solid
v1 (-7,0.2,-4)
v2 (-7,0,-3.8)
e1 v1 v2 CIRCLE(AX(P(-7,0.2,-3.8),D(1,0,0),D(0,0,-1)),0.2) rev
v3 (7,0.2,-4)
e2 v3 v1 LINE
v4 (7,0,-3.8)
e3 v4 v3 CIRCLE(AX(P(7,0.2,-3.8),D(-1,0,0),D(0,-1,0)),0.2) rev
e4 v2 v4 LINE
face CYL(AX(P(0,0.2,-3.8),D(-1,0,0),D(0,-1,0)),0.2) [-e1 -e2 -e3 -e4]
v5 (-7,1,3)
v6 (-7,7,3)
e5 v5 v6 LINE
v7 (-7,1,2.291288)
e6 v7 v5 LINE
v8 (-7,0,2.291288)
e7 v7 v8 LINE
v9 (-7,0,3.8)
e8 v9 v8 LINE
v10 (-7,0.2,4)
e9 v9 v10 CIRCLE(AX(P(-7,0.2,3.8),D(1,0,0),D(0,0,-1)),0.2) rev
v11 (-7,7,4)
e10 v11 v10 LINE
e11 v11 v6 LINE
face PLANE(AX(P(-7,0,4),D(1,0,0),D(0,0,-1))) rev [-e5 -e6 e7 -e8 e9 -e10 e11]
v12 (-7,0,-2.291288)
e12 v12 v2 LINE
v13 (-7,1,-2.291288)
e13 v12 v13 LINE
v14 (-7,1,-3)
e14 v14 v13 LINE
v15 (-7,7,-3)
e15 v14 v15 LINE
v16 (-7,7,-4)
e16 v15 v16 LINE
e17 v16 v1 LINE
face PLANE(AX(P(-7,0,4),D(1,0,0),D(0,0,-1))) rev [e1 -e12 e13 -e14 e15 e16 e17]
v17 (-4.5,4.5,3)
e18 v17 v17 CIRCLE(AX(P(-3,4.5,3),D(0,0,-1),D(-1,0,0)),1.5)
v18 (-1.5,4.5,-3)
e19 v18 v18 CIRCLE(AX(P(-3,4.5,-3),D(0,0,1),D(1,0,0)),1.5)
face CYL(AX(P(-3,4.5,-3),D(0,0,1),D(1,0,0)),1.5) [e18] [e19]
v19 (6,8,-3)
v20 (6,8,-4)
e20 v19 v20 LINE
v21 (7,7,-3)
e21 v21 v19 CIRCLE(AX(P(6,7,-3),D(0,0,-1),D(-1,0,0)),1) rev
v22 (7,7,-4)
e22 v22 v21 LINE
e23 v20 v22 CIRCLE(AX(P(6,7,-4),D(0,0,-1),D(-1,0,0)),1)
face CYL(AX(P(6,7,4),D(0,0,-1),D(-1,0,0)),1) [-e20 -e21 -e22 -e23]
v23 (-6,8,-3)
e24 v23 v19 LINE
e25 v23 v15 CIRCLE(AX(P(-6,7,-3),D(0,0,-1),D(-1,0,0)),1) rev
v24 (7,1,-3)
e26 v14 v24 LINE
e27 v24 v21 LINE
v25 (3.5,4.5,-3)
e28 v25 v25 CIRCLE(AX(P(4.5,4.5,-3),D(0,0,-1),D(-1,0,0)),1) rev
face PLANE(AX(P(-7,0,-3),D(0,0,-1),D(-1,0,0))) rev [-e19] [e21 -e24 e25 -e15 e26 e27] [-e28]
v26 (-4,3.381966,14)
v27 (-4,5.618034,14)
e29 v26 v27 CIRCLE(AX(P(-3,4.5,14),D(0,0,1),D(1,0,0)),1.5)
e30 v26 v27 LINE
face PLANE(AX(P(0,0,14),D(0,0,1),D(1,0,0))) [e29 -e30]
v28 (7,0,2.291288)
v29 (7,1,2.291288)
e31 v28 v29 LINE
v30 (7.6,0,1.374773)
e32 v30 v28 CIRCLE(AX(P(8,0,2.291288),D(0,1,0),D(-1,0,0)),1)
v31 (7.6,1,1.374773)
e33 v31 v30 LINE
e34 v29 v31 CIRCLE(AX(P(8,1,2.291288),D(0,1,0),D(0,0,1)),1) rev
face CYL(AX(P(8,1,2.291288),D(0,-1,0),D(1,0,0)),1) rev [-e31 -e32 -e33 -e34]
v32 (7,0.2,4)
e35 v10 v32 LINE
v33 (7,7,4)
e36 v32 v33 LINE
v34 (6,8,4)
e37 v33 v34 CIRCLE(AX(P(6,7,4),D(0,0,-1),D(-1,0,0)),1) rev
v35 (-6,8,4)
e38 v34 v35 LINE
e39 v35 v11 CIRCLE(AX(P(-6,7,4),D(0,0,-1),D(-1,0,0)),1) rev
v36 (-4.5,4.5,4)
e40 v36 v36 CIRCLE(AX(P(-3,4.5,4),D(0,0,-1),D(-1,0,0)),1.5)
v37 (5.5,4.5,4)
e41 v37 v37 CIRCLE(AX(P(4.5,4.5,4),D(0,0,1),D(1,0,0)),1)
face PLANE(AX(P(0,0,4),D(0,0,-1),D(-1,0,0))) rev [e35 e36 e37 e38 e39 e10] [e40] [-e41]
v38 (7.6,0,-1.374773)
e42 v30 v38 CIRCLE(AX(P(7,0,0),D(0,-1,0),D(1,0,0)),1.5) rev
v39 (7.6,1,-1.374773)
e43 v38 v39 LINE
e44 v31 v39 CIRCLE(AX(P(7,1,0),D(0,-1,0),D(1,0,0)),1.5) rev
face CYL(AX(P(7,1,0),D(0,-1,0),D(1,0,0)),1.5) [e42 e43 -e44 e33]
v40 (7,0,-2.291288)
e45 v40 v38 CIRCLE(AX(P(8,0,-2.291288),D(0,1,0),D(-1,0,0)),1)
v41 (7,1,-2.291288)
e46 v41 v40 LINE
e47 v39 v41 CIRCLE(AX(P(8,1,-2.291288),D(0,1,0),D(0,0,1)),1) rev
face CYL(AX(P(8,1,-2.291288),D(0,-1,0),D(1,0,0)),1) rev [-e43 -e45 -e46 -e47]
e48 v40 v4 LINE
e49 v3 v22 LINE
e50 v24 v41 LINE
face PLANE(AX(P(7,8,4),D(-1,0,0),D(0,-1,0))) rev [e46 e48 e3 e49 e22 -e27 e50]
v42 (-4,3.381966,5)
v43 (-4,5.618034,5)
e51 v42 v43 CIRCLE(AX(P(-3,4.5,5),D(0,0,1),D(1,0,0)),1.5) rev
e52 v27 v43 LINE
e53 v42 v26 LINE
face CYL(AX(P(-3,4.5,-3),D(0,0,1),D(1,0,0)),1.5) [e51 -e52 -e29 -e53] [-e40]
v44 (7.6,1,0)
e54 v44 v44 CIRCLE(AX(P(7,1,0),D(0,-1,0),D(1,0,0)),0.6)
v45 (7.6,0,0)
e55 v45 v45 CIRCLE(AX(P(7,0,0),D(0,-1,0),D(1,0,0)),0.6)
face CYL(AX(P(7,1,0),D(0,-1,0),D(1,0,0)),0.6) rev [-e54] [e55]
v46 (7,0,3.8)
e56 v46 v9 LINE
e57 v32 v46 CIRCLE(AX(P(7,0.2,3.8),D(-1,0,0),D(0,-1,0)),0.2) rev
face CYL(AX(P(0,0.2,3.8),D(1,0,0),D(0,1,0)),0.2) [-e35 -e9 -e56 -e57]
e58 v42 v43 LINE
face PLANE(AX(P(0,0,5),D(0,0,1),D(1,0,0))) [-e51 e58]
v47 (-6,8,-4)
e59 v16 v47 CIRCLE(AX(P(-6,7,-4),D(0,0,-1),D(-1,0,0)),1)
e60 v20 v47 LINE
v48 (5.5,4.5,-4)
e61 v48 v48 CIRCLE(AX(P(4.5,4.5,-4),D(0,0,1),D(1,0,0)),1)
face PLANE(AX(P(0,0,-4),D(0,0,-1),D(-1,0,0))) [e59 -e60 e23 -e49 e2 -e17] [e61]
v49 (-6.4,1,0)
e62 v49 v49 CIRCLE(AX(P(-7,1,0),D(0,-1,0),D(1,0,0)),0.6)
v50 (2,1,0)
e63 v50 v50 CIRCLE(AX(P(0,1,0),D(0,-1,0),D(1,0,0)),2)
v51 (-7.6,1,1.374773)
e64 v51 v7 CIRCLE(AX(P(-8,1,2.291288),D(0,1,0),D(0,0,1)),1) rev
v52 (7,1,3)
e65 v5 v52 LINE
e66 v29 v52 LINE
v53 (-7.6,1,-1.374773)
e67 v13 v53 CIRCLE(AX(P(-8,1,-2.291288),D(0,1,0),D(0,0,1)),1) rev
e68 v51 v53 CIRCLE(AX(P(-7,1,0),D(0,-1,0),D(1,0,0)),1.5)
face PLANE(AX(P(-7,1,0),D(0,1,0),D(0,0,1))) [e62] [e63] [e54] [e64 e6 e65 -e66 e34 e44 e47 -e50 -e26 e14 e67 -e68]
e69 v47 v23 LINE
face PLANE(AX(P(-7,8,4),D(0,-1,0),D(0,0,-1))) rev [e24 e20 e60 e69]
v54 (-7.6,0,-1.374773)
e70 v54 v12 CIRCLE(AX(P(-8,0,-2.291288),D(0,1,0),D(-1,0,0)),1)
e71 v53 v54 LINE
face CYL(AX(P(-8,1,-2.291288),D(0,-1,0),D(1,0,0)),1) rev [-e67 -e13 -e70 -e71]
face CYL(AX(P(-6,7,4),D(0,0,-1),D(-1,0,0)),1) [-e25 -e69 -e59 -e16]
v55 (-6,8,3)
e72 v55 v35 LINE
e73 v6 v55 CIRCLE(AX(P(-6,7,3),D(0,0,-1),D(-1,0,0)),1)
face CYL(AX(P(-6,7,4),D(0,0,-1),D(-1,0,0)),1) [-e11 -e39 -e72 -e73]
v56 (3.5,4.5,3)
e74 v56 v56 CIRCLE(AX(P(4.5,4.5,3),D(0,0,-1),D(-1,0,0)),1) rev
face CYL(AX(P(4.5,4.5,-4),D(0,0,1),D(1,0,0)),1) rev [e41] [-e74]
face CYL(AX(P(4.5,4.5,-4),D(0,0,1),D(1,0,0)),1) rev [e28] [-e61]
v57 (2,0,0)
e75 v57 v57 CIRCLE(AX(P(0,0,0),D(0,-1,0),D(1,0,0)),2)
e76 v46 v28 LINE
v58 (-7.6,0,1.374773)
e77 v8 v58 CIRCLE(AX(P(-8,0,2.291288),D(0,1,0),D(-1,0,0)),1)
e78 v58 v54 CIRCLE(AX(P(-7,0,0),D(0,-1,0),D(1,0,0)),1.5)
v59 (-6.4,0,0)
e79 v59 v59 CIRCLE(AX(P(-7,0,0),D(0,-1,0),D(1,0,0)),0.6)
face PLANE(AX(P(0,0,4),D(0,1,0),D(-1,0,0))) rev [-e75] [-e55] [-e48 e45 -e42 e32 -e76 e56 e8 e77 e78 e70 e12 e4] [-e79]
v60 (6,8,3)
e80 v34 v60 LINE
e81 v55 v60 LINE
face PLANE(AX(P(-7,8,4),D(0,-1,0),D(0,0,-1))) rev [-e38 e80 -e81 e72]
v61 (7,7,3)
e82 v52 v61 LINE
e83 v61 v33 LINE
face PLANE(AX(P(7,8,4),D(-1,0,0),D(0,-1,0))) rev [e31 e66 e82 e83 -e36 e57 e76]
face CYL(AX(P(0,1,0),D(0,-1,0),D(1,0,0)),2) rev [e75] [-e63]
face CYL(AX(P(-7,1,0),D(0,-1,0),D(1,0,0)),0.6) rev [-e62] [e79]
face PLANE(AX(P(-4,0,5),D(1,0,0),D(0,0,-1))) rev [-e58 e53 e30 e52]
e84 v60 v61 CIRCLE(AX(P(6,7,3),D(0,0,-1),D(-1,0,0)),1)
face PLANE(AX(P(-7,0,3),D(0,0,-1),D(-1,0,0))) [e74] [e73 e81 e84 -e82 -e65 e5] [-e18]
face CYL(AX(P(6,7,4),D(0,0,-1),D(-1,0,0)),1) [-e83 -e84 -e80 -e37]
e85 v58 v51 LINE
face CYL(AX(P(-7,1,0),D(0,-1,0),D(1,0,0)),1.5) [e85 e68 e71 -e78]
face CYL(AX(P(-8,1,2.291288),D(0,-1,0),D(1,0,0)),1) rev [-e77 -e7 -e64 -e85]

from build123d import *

# Parameters (mm, degrees)
EXTRUDE1_DEPTH      = 4
EXTRUDE2_DEPTH      = 12.357816692
EXTRUDE2_DEPTH_BACK = 12.357816692
SKETCH2_R           = 1
EXTRUDE3_DEPTH      = 12.357816692
EXTRUDE3_DEPTH_BACK = 12.357816692
SKETCH4_W           = 6
SKETCH4_H           = 8.732029078
FILLET1_R           = 0.2
FILLET2_R           = 1
EXTRUDE4_DEPTH      = 14
EXTRUDE4_DEPTH_BACK = 3
SKETCH3_R           = 1.5
EXTRUDE5_DEPTH      = 9
SKETCH6_R           = 1.5
EXTRUDE6_DEPTH      = 1
SKETCH7_R           = 0.6
EXTRUDE7_DEPTH      = 1
FILLET3_R           = 1
SKETCH8_R           = 2
EXTRUDE8_DEPTH      = 1


with BuildPart() as part:
    # Sketch1 → Extrude1 (new, symmetric)
    with BuildSketch(Plane.XY):
        Polygon((0, 0), (-7, 0), (-7, 8), (7, 8), (7, 0), align=None)
    extrude(amount=EXTRUDE1_DEPTH, both=True)

    # Sketch2 → Extrude2 (cut, two sides: drawn at the far end of the back side and taken through both)
    with BuildSketch(Plane.XY.offset(-EXTRUDE2_DEPTH_BACK)):
        with Locations((4.5, 4.5)):
            Circle(SKETCH2_R)
    extrude(amount=EXTRUDE2_DEPTH + EXTRUDE2_DEPTH_BACK, mode=Mode.SUBTRACT)

    # Sketch4 → Extrude3 (cut, two sides: drawn at the far end of the back side and taken through both)
    with BuildSketch(Plane(origin=(0, 0, 0), x_dir=(0, 0, -1), z_dir=(1, 0, 0)).offset(-EXTRUDE3_DEPTH_BACK)):
        with Locations((0, 5.366014539)):
            Rectangle(SKETCH4_W, SKETCH4_H)
    extrude(amount=EXTRUDE3_DEPTH + EXTRUDE3_DEPTH_BACK, mode=Mode.SUBTRACT)

    # Fillet1
    fillet1_edges = [part.edges().sort_by_distance(p)[0] for p in [
        (0, 0, 4),
        (0, 0, -4),
    ]]
    fillet(fillet1_edges, radius=FILLET1_R)

    # Fillet2
    fillet2_edges = [part.edges().sort_by_distance(p)[0] for p in [
        (-7, 8, -3.5),
        (7, 8, -3.5),
        (-7, 8, 3.5),
        (7, 8, 3.5),
    ]]
    fillet(fillet2_edges, radius=FILLET2_R)

    # Sketch3 → Extrude4 (add, two sides: drawn at the far end of the back side and taken through both)
    with BuildSketch(Plane.XY.offset(-EXTRUDE4_DEPTH_BACK)):
        with Locations((-3, 4.5)):
            Circle(SKETCH3_R)
    extrude(amount=EXTRUDE4_DEPTH + EXTRUDE4_DEPTH_BACK)

    # Sketch5 → Extrude5 (cut)
    with BuildSketch(Plane.XY.offset(14)):
        Polygon((-4, 4.5), (-4, 6.060686456), (-4.95644391, 6.060686456), (-4.95644391, 2.5), (-4, 2.5), align=None)
    extrude(amount=-EXTRUDE5_DEPTH, mode=Mode.SUBTRACT)

    # Sketch6 → Extrude6 (add)
    with BuildSketch(Plane.XZ):
        with Locations((-7, 0)):
            Circle(SKETCH6_R)
        with Locations((7, 0)):
            Circle(SKETCH6_R)
    extrude(amount=-EXTRUDE6_DEPTH)

    # Sketch7 → Extrude7 (cut)
    with BuildSketch(Plane.XZ):
        with Locations((-7, 0)):
            Circle(SKETCH7_R)
        with Locations((7, 0)):
            Circle(SKETCH7_R)
    extrude(amount=-EXTRUDE7_DEPTH, mode=Mode.SUBTRACT)

    # Fillet3
    fillet3_edges = [part.edges().sort_by_distance(p)[0] for p in [
        (7, 0.5, -1.5),
        (7, 0.5, 1.5),
        (-7, 0.5, 1.5),
        (-7, 0.5, -1.5),
    ]]
    fillet(fillet3_edges, radius=FILLET3_R)

    # Sketch8 → Extrude8 (cut)
    with BuildSketch(Plane.XZ):
        Circle(SKETCH8_R)
    extrude(amount=-EXTRUDE8_DEPTH, mode=Mode.SUBTRACT)


solid = part.part
